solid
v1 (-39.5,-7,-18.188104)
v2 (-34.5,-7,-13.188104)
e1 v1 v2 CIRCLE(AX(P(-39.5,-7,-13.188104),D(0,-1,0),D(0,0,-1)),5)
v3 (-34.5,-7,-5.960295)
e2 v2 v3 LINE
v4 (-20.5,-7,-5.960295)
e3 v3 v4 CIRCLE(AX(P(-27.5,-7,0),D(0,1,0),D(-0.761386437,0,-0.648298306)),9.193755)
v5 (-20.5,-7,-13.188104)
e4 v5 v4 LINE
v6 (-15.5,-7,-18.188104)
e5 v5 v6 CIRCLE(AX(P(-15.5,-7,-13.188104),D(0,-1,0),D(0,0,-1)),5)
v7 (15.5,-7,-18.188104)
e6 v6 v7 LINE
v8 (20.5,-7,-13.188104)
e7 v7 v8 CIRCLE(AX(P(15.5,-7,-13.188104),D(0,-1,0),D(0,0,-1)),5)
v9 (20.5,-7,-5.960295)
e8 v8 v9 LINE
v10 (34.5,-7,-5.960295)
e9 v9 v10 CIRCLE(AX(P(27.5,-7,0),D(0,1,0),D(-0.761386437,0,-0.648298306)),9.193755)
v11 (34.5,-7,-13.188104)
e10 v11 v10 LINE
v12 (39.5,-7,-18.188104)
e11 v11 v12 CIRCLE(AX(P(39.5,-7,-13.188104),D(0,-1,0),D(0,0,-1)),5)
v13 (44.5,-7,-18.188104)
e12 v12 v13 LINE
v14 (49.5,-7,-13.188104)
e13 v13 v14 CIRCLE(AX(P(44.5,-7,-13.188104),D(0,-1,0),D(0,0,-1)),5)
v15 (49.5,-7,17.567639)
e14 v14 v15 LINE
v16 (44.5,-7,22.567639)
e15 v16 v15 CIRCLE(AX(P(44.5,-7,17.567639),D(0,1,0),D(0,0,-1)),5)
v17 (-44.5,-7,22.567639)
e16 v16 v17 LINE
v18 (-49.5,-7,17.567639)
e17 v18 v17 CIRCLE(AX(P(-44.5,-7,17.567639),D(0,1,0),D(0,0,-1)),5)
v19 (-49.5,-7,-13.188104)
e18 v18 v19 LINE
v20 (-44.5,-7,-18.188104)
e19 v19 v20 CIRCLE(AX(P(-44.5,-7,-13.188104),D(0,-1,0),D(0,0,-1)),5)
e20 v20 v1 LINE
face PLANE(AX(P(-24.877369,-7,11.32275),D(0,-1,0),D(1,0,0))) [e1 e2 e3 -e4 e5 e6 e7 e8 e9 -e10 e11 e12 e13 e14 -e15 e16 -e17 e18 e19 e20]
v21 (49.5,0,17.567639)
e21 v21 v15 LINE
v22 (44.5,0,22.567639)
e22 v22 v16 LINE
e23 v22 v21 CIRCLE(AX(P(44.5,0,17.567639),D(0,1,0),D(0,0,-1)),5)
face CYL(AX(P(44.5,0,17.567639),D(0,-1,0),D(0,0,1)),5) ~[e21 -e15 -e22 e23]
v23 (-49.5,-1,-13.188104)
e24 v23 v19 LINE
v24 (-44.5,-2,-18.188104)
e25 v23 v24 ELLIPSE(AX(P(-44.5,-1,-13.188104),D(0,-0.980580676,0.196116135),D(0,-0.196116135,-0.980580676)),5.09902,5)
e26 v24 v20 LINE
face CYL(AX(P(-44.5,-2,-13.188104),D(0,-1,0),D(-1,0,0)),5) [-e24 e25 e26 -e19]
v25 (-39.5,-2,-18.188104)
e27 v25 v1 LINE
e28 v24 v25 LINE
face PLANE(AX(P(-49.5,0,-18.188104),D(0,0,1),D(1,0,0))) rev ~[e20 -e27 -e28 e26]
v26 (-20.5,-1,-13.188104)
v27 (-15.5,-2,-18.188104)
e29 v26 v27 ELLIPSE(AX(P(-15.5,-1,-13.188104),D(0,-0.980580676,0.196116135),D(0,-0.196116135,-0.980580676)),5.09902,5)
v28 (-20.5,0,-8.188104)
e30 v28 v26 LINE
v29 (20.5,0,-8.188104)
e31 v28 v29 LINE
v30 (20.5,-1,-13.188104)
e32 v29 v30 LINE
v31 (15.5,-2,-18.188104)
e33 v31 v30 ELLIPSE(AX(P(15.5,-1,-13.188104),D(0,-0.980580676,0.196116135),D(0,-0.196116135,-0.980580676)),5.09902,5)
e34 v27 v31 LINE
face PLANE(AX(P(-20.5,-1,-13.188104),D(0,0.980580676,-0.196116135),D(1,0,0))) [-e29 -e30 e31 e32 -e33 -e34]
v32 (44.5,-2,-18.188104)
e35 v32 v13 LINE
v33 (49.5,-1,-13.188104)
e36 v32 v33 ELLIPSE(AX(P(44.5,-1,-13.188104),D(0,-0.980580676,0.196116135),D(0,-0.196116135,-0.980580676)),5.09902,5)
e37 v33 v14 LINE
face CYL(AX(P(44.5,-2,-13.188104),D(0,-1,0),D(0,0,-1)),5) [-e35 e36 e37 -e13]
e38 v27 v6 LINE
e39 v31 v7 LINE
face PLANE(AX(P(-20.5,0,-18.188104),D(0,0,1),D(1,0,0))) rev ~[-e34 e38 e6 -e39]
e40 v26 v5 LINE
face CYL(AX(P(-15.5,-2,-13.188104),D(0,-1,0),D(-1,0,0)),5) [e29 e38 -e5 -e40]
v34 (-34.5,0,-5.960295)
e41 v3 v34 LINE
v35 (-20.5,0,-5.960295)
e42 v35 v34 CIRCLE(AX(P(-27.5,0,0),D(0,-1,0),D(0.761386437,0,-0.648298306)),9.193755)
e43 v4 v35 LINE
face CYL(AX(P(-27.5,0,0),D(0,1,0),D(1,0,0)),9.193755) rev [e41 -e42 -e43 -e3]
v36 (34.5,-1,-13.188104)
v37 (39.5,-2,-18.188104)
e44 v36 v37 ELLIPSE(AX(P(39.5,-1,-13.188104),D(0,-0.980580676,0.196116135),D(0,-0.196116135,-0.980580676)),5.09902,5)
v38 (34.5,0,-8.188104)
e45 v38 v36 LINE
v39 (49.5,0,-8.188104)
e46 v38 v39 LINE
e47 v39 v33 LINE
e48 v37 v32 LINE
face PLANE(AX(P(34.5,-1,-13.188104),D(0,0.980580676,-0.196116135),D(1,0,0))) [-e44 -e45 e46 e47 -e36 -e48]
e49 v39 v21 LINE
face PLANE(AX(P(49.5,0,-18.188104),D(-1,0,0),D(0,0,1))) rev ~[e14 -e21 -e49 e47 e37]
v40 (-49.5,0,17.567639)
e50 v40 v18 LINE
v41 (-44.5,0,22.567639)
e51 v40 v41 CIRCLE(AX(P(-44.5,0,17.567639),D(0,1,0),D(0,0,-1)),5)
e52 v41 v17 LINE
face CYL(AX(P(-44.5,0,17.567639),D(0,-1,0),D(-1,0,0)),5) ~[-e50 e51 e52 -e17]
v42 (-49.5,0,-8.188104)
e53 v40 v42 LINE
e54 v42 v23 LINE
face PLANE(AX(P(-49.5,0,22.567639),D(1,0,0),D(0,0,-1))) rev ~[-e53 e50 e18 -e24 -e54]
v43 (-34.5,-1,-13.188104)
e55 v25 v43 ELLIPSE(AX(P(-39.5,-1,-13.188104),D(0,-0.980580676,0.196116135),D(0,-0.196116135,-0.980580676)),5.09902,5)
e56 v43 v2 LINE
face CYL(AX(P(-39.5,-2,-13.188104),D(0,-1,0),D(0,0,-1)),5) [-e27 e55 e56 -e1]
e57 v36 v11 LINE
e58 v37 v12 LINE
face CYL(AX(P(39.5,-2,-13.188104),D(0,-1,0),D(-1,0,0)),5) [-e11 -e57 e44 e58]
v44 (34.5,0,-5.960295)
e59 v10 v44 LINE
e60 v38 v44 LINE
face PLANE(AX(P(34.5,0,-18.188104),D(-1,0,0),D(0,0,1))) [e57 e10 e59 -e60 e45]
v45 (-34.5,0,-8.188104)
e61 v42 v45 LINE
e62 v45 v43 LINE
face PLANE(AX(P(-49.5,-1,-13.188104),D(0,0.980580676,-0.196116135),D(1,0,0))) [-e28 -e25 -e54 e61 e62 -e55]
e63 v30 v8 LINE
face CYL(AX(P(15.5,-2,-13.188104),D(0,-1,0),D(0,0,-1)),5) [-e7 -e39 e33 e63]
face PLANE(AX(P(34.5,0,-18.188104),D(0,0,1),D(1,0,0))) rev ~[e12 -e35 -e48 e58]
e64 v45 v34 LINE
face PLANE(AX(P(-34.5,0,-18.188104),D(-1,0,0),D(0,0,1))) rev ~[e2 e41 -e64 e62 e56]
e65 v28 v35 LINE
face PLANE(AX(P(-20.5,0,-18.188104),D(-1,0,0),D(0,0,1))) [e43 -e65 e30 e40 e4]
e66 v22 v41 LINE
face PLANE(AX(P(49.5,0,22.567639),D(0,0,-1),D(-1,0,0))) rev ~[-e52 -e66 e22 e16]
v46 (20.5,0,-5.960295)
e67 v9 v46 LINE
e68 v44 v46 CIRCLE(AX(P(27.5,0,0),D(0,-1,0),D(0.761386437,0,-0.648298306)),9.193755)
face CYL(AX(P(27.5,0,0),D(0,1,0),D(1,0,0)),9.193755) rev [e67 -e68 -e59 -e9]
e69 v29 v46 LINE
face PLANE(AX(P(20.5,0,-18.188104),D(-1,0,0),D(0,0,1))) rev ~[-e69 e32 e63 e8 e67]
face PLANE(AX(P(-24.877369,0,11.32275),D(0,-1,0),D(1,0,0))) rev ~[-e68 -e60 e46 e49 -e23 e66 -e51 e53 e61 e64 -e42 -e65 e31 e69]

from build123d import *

# Parameters (mm, degrees)
F0_W     = 15
F0_H     = 18.1881040335
F0_W_2   = 20.5
F1_DEPTH = 7
F3_SIZE2 = 2
F3_SIZE  = 10
F4_R     = 5
F5_R     = 9.1937545257
F6_DEPTH = 7
F7_R     = 5


with BuildPart() as f1:
    # F0 (on Front) → F1 (new body)
    with BuildSketch(Plane.XZ):
        with BuildLine():
            Line((-20.5, 0), (0, 0))
            Line((0, 0), (0, 22.5676391274))
            Line((0, 22.5676391274), (-49.5, 22.5676391274))
            Line((-49.5, 22.5676391274), (-49.5, 0))
            Line((-49.5, 0), (-34.5, 0))
            ThreePointArc((-34.5, 0), (-27.5, 7), (-20.5, 0))
        make_face()
        with Locations((-42, -9.0940520167)):
            Rectangle(F0_W, F0_H)
        with Locations((-10.25, -9.0940520167)):
            Rectangle(F0_W_2, F0_H)
        with BuildLine():
            Line((0, 22.5676391274), (0, 0))
            Line((0, 0), (20.5, 0))
            ThreePointArc((20.5, 0), (27.5, 7), (34.5, 0))
            Line((34.5, 0), (49.5, 0))
            Line((49.5, 0), (49.5, 22.5676391274))
            Line((49.5, 22.5676391274), (0, 22.5676391274))
        make_face()
        with Locations((10.25, -9.0940520167)):
            Rectangle(F0_W_2, F0_H)
        with Locations((42, -9.0940520167)):
            Rectangle(F0_W, F0_H)
    extrude(amount=F1_DEPTH)

    # F3
    f3_edges = [f1.edges().sort_by_distance(p)[0] for p in [
        (0, 0, -18.188104),
        (42, 0, -18.188104),
        (-42, 0, -18.188104),
    ]]
    f3_side = f1.faces().sort_by_distance((0, 0, 3.858473))[0]
    chamfer(f3_edges, length=F3_SIZE, length2=F3_SIZE2, reference=f3_side)

    # F4
    f4_edges = [f1.edges().sort_by_distance(p)[0] for p in [
        (-20.5, -4.5, -18.188104),
        (-34.5, -4.5, -18.188104),
        (20.5, -4.5, -18.188104),
        (34.5, -4.5, -18.188104),
        (49.5, -4.5, -18.188104),
        (-49.5, -4.5, -18.188104),
    ]]
    fillet(f4_edges, radius=F4_R)

    # F5 (on Front) → F6 (cut, through all)
    with BuildSketch(Plane.XZ):
        with Locations((-27.5, 0)):
            Circle(F5_R)
        with Locations((27.5, 0)):
            Circle(F5_R)
    extrude(amount=F6_DEPTH, mode=Mode.SUBTRACT)

    # F7
    f7_edges = [f1.edges().sort_by_distance(p)[0] for p in [
        (-49.5, -3.5, 22.567639),
        (49.5, -3.5, 22.567639),
    ]]
    fillet(f7_edges, radius=F7_R)


solid = f1.part
